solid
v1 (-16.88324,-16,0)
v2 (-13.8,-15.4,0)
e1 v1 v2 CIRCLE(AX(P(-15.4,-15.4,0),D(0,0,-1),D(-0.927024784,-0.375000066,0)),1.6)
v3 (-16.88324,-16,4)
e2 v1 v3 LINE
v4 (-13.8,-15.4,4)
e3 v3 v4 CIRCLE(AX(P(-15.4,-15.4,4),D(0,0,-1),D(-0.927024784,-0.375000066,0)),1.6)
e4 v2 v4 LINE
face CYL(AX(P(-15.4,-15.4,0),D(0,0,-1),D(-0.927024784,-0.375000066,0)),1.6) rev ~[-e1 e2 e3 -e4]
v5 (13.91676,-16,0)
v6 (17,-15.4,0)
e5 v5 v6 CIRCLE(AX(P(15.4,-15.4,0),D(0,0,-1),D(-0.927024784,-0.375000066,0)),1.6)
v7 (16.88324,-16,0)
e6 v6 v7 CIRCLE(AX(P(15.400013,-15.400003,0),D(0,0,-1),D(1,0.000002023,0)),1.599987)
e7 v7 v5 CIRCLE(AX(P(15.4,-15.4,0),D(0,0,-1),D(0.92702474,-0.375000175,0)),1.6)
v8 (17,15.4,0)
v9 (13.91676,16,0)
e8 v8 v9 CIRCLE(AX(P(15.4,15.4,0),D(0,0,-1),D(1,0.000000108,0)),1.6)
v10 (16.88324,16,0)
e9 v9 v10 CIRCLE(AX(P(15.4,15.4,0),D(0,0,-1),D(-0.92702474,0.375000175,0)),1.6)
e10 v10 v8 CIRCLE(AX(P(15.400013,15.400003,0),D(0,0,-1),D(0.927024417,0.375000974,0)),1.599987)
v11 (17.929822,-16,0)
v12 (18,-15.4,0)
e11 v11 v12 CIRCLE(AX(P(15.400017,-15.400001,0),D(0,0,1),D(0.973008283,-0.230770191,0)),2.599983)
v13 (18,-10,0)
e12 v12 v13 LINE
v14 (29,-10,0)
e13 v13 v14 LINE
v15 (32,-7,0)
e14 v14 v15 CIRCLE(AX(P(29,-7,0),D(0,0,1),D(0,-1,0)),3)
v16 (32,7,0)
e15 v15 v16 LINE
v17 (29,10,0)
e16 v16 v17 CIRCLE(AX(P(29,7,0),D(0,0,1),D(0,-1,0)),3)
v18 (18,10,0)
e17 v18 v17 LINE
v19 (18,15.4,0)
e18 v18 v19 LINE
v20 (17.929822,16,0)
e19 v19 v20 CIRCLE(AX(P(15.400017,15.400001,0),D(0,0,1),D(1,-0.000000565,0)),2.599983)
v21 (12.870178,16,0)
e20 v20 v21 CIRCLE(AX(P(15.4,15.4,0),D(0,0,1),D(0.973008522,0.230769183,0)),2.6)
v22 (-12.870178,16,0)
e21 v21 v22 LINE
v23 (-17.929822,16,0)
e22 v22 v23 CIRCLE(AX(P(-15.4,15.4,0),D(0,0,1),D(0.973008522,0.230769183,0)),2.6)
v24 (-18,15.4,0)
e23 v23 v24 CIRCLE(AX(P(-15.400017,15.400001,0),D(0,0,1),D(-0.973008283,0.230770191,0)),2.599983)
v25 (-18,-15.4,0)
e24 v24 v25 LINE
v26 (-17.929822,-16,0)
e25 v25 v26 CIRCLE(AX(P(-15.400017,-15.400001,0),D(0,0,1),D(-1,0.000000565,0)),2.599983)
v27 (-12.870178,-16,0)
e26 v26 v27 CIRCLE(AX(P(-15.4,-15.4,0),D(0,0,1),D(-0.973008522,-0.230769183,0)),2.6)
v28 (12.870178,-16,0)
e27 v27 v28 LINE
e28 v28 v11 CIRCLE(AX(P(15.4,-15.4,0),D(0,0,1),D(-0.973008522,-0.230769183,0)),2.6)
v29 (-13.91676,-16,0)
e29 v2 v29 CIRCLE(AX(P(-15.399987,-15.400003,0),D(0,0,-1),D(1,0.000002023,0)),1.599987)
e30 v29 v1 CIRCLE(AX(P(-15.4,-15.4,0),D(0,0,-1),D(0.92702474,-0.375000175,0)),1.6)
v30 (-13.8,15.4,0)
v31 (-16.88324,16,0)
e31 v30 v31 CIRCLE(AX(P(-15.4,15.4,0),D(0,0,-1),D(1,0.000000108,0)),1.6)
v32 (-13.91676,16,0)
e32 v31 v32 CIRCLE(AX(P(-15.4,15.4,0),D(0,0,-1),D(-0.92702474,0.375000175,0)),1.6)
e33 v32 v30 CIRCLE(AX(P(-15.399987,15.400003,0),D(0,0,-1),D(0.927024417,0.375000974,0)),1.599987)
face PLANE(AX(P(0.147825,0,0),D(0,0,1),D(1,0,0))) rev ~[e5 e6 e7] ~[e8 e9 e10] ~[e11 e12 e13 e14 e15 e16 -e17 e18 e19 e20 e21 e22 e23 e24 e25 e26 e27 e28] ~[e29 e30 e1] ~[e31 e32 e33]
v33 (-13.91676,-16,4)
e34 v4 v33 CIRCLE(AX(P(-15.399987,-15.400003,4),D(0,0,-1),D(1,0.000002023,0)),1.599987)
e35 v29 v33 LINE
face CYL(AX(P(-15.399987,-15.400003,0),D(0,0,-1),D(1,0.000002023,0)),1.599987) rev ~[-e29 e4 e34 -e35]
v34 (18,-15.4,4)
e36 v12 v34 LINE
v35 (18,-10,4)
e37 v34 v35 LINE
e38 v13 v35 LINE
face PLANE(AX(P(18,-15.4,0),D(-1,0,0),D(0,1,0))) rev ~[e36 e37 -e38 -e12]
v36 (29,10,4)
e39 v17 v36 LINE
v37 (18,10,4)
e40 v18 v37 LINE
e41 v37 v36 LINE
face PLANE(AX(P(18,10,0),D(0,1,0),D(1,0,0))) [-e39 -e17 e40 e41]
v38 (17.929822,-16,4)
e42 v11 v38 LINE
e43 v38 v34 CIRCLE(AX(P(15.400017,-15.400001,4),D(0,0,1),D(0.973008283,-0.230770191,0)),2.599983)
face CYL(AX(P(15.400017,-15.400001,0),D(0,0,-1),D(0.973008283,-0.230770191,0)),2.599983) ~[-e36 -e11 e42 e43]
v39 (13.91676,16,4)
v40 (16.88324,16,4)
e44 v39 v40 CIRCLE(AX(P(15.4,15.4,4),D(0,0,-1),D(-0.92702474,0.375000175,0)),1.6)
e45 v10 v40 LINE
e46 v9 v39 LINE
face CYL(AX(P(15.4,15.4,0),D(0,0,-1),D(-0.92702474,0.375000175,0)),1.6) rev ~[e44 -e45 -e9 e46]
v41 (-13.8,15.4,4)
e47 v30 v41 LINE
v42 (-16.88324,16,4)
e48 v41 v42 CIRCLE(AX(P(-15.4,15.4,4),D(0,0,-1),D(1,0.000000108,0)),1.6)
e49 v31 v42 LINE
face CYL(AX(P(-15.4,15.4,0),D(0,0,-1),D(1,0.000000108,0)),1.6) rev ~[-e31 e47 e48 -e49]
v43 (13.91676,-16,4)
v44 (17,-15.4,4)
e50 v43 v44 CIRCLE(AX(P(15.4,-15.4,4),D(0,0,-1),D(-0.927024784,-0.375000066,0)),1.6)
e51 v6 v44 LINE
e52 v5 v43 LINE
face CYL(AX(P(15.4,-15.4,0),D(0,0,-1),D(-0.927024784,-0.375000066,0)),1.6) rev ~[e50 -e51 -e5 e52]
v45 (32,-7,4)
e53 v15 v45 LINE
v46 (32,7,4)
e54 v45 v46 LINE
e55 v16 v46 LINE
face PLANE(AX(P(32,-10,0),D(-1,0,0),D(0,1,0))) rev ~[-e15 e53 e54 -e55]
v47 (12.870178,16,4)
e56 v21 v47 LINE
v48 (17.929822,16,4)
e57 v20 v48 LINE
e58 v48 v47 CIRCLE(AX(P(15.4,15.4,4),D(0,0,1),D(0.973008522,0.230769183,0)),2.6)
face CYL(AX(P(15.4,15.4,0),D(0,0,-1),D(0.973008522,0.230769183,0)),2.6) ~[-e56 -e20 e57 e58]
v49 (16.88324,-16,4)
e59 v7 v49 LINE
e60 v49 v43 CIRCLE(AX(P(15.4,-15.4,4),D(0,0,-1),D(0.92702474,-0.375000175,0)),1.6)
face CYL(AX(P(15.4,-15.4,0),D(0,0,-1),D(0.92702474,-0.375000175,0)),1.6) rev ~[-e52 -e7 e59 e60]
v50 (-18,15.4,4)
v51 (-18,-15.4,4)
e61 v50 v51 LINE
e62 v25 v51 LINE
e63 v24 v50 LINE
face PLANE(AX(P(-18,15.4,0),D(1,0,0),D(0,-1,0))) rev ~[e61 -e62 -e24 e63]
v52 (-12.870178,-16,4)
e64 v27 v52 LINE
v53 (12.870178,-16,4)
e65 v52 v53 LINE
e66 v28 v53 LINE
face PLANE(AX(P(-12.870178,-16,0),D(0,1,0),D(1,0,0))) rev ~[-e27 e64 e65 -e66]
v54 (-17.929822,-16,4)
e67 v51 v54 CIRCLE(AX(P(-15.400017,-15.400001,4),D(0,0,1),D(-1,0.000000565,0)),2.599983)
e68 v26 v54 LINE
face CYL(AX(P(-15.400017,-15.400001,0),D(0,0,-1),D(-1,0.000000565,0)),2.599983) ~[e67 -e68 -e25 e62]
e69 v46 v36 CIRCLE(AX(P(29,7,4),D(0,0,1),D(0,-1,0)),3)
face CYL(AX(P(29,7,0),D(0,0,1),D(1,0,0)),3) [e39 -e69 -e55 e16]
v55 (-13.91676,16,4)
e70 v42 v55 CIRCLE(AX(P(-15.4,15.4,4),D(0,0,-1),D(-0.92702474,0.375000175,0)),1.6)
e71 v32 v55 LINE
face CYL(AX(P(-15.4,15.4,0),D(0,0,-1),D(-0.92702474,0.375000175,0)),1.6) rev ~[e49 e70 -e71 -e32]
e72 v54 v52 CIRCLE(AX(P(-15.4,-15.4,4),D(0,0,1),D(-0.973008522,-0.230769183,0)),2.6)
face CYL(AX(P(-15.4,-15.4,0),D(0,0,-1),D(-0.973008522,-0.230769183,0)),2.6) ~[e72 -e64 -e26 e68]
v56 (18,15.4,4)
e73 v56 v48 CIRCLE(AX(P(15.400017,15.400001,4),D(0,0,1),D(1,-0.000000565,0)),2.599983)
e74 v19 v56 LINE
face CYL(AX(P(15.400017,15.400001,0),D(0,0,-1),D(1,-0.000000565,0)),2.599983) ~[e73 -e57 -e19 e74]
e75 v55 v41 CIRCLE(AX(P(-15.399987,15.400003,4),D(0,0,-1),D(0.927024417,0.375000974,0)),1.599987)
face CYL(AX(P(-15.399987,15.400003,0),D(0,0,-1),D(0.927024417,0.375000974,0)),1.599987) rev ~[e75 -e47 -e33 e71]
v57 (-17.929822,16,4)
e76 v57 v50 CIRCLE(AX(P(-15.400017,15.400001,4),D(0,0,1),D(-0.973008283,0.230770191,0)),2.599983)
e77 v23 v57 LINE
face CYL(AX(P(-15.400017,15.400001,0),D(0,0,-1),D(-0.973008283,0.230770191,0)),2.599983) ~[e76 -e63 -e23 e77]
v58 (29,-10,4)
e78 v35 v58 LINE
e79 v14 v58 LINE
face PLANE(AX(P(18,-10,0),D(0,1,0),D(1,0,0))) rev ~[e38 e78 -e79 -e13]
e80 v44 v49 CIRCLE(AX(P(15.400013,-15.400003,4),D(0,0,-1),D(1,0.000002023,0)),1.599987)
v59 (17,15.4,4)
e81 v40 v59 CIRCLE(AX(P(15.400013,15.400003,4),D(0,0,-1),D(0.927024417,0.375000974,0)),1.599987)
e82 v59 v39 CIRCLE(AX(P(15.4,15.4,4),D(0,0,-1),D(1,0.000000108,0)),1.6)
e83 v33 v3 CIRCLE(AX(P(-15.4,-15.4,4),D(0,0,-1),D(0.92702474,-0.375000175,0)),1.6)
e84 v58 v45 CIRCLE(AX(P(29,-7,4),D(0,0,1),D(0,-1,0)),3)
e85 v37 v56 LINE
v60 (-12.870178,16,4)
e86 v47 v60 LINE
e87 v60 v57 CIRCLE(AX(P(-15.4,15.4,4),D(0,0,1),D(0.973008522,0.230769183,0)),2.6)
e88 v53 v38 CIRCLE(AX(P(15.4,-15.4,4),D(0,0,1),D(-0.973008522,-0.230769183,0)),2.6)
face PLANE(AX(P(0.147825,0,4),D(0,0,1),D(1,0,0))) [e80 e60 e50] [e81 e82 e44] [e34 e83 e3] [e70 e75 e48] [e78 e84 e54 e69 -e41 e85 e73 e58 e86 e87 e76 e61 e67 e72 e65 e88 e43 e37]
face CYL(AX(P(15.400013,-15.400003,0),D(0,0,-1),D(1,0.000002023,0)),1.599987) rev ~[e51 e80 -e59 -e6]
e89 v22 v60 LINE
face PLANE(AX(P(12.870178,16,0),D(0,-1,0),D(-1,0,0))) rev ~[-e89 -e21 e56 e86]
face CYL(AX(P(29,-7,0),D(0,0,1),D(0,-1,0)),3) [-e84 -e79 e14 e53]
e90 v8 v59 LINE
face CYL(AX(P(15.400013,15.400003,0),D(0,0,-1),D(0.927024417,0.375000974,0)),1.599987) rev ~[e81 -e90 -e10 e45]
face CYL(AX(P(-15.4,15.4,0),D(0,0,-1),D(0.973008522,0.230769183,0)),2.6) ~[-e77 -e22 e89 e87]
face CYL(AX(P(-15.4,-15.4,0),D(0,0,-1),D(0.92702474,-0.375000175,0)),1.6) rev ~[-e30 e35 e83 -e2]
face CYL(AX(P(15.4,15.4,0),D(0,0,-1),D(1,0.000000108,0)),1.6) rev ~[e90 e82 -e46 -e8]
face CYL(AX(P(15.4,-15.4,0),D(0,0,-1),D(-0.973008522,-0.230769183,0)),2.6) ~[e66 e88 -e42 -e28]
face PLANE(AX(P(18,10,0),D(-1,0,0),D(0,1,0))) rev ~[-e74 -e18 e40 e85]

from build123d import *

# Parameters (mm, degrees)
F0_W     = 14
F0_H     = 20
F1_DEPTH = 4
F2_R     = 3


with BuildPart() as f1:
    # F0 (on Top) → F1 (new body)
    with BuildSketch(Plane.XY):
        with BuildLine():
            ThreePointArc((12.870178, -16), (15.097955, -12.817604), (18, -15.4))
            Line((18, -15.4), (18, -10))
            Line((18, -10), (4, -10))
            Line((4, -10), (4, 10))
            Line((4, 10), (18, 10))
            Line((18, 10), (18, 15.4))
            ThreePointArc((18, 15.4), (15.097955, 12.817604), (12.870178, 16))
            Line((12.870178, 16), (-12.870178, 16))
            ThreePointArc((-12.870178, 16), (-12.817604, 15.702045), (-12.8, 15.4))
            ThreePointArc((-12.8, 15.4), (-15.4, 12.8), (-18, 15.4))
            Line((-18, 15.4), (-18, -15.4))
            ThreePointArc((-18, -15.4), (-15.4, -12.8), (-12.8, -15.4))
            ThreePointArc((-12.8, -15.4), (-12.817604, -15.702045), (-12.870178, -16))
            Line((-12.870178, -16), (12.870178, -16))
        make_face()
        with BuildLine():
            Line((-13.91676, 16), (-12.870178, 16))
            ThreePointArc((-12.870178, 16), (-15.4, 18), (-17.929822, 16))
            Line((-17.929822, 16), (-16.88324, 16))
            ThreePointArc((-16.88324, 16), (-15.4, 17), (-13.91676, 16))
        make_face()
        with BuildLine():
            ThreePointArc((-12.8, 15.4), (-12.817604, 15.702045), (-12.870178, 16))
            Line((-12.870178, 16), (-13.91676, 16))
            ThreePointArc((-13.91676, 16), (-13.829461, 15.705628), (-13.8, 15.4))
            ThreePointArc((-13.8, 15.4), (-15.705628, 13.829461), (-16.88324, 16))
            Line((-16.88324, 16), (-17.929822, 16))
            ThreePointArc((-17.929822, 16), (-17.982396, 15.702045), (-18, 15.4))
            ThreePointArc((-18, 15.4), (-15.4, 12.8), (-12.8, 15.4))
        make_face()
        with BuildLine():
            ThreePointArc((12.870178, 16), (15.097955, 12.817604), (18, 15.4))
            ThreePointArc((18, 15.4), (17.982396, 15.702045), (17.929822, 16))
            Line((17.929822, 16), (16.88324, 16))
            ThreePointArc((16.88324, 16), (16.970539, 15.705628), (17, 15.4))
            ThreePointArc((17, 15.4), (15.094372, 13.829461), (13.91676, 16))
            Line((13.91676, 16), (12.870178, 16))
        make_face()
        with BuildLine():
            Line((16.88324, 16), (17.929822, 16))
            ThreePointArc((17.929822, 16), (15.4, 18), (12.870178, 16))
            Line((12.870178, 16), (13.91676, 16))
            ThreePointArc((13.91676, 16), (15.4, 17), (16.88324, 16))
        make_face()
        with BuildLine():
            ThreePointArc((12.870178, -16), (15.4, -18), (17.929822, -16))
            Line((17.929822, -16), (16.88324, -16))
            ThreePointArc((16.88324, -16), (15.4, -17), (13.91676, -16))
            Line((13.91676, -16), (12.870178, -16))
        make_face()
        with BuildLine():
            ThreePointArc((17.929822, -16), (17.982396, -15.702045), (18, -15.4))
            ThreePointArc((18, -15.4), (15.097955, -12.817604), (12.870178, -16))
            Line((12.870178, -16), (13.91676, -16))
            ThreePointArc((13.91676, -16), (15.094372, -13.829461), (17, -15.4))
            ThreePointArc((17, -15.4), (16.970539, -15.705628), (16.88324, -16))
            Line((16.88324, -16), (17.929822, -16))
        make_face()
        with BuildLine():
            Line((-13.91676, -16), (-12.870178, -16))
            ThreePointArc((-12.870178, -16), (-12.817604, -15.702045), (-12.8, -15.4))
            ThreePointArc((-12.8, -15.4), (-15.4, -12.8), (-18, -15.4))
            ThreePointArc((-18, -15.4), (-17.982396, -15.702045), (-17.929822, -16))
            Line((-17.929822, -16), (-16.88324, -16))
            ThreePointArc((-16.88324, -16), (-15.705628, -13.829461), (-13.8, -15.4))
            ThreePointArc((-13.8, -15.4), (-13.829461, -15.705628), (-13.91676, -16))
        make_face()
        with BuildLine():
            ThreePointArc((-17.929822, -16), (-15.4, -18), (-12.870178, -16))
            Line((-12.870178, -16), (-13.91676, -16))
            ThreePointArc((-13.91676, -16), (-15.4, -17), (-16.88324, -16))
            Line((-16.88324, -16), (-17.929822, -16))
        make_face()
        with Locations((11, 0)):
            Rectangle(F0_W, F0_H)
        with Locations((25, 0)):
            Rectangle(F0_W, F0_H)
    extrude(amount=F1_DEPTH)

    # F2
    f2_edges = [f1.edges().sort_by_distance(p)[0] for p in [
        (32, 10, 2),
        (32, -10, 2),
    ]]
    fillet(f2_edges, radius=F2_R)


solid = f1.part
